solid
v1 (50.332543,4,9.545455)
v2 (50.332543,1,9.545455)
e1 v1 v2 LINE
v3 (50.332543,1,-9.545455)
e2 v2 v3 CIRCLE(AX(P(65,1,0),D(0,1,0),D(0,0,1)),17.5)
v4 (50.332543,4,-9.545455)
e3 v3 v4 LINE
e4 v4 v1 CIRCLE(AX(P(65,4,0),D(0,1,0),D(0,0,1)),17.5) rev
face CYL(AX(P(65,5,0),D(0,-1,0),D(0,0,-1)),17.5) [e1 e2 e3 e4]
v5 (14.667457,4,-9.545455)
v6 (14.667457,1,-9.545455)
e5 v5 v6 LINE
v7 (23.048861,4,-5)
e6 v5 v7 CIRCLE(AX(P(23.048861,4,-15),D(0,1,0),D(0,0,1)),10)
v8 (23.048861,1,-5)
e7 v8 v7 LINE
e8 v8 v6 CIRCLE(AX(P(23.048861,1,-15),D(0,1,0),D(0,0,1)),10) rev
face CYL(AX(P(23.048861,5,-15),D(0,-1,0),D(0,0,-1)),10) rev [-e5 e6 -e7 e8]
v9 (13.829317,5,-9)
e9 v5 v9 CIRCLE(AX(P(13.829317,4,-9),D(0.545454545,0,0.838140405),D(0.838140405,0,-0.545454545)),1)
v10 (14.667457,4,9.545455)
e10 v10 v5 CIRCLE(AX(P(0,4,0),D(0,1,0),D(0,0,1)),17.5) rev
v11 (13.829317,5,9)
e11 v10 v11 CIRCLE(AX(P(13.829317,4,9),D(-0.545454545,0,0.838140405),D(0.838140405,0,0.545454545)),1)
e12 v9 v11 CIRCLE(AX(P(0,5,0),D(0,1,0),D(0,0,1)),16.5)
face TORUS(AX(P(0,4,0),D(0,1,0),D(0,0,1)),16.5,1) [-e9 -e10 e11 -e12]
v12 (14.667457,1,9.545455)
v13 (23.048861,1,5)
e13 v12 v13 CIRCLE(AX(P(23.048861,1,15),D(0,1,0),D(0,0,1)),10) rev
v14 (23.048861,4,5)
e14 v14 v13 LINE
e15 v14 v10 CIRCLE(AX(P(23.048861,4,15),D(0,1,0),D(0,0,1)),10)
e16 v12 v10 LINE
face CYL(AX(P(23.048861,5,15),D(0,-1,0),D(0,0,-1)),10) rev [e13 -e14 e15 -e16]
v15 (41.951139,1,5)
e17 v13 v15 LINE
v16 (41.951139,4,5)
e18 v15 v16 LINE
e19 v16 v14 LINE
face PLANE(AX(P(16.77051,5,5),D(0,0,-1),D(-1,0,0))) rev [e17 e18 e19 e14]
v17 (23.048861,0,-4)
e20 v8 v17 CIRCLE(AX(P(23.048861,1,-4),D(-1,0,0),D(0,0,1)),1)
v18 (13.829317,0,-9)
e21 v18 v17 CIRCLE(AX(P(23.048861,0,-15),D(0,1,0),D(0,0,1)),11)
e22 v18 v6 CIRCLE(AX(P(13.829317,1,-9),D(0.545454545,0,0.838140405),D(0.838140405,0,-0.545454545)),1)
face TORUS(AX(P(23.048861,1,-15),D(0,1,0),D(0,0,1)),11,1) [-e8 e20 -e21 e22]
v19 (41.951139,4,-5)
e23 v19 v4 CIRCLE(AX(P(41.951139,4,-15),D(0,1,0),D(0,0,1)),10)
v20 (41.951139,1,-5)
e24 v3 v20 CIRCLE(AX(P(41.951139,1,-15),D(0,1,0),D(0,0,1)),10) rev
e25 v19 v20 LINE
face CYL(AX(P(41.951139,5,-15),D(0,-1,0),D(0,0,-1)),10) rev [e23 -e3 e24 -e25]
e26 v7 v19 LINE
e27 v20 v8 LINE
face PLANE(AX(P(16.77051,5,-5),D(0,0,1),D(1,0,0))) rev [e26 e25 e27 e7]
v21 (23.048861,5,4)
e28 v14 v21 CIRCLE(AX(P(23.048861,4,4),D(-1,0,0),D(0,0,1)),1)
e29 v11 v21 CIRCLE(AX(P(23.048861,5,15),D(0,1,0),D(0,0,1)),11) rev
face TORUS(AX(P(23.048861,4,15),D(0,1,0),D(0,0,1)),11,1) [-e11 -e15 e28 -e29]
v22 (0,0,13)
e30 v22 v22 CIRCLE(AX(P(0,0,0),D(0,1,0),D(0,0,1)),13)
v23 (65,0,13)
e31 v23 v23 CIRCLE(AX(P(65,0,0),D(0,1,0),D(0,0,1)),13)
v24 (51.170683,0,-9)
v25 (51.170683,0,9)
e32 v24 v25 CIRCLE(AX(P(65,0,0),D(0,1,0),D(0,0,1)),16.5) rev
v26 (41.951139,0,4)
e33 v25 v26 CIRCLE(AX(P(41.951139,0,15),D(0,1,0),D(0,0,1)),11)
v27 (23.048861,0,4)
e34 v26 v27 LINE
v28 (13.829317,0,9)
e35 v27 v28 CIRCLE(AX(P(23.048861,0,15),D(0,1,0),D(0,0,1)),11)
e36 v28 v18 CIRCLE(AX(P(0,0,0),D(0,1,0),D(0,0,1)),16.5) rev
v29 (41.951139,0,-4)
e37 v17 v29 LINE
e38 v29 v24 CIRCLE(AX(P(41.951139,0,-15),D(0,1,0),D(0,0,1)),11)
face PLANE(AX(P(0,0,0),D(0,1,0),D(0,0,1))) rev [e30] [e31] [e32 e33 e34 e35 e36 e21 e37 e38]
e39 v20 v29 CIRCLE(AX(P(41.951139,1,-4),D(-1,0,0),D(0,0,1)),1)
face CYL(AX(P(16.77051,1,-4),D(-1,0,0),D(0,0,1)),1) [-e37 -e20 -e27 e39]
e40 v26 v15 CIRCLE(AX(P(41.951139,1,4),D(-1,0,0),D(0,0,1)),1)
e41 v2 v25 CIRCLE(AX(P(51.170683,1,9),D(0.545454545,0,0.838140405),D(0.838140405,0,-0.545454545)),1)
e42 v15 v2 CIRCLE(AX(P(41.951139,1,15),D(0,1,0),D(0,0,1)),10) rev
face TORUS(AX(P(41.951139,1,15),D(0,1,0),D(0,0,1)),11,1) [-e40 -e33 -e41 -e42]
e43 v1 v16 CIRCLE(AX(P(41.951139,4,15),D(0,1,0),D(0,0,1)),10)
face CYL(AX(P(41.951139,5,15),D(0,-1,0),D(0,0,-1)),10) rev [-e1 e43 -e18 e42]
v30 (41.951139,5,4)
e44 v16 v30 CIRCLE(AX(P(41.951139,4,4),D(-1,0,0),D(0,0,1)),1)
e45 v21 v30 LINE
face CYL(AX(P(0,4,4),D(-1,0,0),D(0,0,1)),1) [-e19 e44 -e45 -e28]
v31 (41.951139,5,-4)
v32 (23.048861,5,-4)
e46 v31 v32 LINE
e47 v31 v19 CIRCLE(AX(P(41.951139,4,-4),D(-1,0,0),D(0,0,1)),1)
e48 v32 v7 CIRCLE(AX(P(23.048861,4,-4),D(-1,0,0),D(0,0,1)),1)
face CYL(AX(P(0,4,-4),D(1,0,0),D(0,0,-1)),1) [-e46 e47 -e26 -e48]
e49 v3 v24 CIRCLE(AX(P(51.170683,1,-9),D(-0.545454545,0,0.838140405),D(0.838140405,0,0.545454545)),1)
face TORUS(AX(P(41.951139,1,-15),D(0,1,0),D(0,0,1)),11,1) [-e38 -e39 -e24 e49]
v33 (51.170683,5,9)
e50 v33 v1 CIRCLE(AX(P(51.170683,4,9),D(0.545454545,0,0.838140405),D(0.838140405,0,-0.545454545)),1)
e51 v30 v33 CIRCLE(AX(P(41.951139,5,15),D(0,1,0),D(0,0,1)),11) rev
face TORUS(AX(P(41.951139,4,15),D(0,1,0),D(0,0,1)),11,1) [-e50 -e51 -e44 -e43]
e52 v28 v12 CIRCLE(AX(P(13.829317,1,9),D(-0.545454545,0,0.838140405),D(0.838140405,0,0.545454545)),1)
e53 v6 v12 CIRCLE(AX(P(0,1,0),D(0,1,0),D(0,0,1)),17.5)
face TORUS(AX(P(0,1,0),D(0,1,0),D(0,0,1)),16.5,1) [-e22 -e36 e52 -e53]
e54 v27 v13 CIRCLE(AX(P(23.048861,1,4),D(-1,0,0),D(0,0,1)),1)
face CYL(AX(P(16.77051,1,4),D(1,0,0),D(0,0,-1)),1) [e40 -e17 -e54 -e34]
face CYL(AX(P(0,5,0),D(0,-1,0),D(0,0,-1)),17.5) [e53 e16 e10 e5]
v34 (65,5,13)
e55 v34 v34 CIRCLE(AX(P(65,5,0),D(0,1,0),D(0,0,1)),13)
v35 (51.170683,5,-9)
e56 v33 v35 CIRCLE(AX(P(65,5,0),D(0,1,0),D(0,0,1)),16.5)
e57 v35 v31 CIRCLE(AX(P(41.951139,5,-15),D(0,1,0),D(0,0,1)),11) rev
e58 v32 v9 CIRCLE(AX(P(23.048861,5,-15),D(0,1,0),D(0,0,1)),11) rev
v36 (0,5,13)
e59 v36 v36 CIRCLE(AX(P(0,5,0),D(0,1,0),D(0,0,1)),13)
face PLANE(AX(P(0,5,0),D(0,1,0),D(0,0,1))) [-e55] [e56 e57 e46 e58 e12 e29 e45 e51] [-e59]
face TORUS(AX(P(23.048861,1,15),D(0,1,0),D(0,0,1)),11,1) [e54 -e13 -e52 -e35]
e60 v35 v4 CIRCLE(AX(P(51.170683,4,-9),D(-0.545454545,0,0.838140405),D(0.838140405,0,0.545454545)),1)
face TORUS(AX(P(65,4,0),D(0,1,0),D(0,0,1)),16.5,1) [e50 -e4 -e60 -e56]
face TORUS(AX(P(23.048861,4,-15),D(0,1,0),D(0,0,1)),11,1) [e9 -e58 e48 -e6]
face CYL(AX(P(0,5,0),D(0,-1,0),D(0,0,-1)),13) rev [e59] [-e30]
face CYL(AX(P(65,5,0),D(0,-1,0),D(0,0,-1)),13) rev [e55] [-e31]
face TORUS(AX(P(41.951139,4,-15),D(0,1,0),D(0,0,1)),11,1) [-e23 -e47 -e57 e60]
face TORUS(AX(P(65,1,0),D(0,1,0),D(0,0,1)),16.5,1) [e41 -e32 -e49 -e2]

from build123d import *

# Parameters (mm, degrees)
SKETCH1_R           = 13
BOSS_EXTRUDE1_DEPTH = 5
FILLET1_R           = 10
FILLET2_R           = 1


with BuildPart() as part:
    # Sketch1 → Boss-Extrude1 (new body)
    with BuildSketch(Plane(origin=(0, 0, 0), x_dir=(1, 0, 0), z_dir=(0, 1, 0))):
        with BuildLine():
            Line((16.770509831, 5), (48.229490169, 5))
            ThreePointArc((48.229490169, 5), (82.5, 0), (48.229490169, -5))
            Line((48.229490169, -5), (16.770509831, -5))
            ThreePointArc((16.770509831, -5), (-17.5, 0), (16.770509831, 5))
        make_face()
        with Locations(Location((0, 0, 0), (0, 0, 270))):
            Circle(SKETCH1_R, mode=Mode.SUBTRACT)
        with Locations(Location((65, 0, 0), (0, 0, 270))):
            Circle(SKETCH1_R, mode=Mode.SUBTRACT)
    extrude(amount=BOSS_EXTRUDE1_DEPTH)

    # Fillet1
    fillet1_edges = [part.edges().sort_by_distance(p)[0] for p in [
        (16.770509831, 2.5, -5),
        (48.229490169, 2.5, -5),
        (48.229490169, 2.5, 5),
        (16.770509831, 2.5, 5),
    ]]
    fillet(fillet1_edges, radius=FILLET1_R)

    # Fillet2
    fillet2_edges = [part.edges().sort_by_distance(p)[0] for p in [
        (82.5, 0, 0),
        (82.5, 5, 0),
        (32.5, 0, 5),
        (32.5, 5, 5),
        (-17.5, 0, 0),
        (-17.5, 5, 0),
        (32.5, 0, -5),
        (32.5, 5, -5),
        (46.718451803, 0, 6.20950927),
        (46.718451803, 5, 6.20950927),
        (18.281548197, 0, 6.20950927),
        (18.281548197, 5, 6.20950927),
        (46.718451803, 0, -6.20950927),
        (46.718451803, 5, -6.20950927),
        (18.281548197, 0, -6.20950927),
        (18.281548197, 5, -6.20950927),
    ]]
    fillet(fillet2_edges, radius=FILLET2_R)


solid = part.part
